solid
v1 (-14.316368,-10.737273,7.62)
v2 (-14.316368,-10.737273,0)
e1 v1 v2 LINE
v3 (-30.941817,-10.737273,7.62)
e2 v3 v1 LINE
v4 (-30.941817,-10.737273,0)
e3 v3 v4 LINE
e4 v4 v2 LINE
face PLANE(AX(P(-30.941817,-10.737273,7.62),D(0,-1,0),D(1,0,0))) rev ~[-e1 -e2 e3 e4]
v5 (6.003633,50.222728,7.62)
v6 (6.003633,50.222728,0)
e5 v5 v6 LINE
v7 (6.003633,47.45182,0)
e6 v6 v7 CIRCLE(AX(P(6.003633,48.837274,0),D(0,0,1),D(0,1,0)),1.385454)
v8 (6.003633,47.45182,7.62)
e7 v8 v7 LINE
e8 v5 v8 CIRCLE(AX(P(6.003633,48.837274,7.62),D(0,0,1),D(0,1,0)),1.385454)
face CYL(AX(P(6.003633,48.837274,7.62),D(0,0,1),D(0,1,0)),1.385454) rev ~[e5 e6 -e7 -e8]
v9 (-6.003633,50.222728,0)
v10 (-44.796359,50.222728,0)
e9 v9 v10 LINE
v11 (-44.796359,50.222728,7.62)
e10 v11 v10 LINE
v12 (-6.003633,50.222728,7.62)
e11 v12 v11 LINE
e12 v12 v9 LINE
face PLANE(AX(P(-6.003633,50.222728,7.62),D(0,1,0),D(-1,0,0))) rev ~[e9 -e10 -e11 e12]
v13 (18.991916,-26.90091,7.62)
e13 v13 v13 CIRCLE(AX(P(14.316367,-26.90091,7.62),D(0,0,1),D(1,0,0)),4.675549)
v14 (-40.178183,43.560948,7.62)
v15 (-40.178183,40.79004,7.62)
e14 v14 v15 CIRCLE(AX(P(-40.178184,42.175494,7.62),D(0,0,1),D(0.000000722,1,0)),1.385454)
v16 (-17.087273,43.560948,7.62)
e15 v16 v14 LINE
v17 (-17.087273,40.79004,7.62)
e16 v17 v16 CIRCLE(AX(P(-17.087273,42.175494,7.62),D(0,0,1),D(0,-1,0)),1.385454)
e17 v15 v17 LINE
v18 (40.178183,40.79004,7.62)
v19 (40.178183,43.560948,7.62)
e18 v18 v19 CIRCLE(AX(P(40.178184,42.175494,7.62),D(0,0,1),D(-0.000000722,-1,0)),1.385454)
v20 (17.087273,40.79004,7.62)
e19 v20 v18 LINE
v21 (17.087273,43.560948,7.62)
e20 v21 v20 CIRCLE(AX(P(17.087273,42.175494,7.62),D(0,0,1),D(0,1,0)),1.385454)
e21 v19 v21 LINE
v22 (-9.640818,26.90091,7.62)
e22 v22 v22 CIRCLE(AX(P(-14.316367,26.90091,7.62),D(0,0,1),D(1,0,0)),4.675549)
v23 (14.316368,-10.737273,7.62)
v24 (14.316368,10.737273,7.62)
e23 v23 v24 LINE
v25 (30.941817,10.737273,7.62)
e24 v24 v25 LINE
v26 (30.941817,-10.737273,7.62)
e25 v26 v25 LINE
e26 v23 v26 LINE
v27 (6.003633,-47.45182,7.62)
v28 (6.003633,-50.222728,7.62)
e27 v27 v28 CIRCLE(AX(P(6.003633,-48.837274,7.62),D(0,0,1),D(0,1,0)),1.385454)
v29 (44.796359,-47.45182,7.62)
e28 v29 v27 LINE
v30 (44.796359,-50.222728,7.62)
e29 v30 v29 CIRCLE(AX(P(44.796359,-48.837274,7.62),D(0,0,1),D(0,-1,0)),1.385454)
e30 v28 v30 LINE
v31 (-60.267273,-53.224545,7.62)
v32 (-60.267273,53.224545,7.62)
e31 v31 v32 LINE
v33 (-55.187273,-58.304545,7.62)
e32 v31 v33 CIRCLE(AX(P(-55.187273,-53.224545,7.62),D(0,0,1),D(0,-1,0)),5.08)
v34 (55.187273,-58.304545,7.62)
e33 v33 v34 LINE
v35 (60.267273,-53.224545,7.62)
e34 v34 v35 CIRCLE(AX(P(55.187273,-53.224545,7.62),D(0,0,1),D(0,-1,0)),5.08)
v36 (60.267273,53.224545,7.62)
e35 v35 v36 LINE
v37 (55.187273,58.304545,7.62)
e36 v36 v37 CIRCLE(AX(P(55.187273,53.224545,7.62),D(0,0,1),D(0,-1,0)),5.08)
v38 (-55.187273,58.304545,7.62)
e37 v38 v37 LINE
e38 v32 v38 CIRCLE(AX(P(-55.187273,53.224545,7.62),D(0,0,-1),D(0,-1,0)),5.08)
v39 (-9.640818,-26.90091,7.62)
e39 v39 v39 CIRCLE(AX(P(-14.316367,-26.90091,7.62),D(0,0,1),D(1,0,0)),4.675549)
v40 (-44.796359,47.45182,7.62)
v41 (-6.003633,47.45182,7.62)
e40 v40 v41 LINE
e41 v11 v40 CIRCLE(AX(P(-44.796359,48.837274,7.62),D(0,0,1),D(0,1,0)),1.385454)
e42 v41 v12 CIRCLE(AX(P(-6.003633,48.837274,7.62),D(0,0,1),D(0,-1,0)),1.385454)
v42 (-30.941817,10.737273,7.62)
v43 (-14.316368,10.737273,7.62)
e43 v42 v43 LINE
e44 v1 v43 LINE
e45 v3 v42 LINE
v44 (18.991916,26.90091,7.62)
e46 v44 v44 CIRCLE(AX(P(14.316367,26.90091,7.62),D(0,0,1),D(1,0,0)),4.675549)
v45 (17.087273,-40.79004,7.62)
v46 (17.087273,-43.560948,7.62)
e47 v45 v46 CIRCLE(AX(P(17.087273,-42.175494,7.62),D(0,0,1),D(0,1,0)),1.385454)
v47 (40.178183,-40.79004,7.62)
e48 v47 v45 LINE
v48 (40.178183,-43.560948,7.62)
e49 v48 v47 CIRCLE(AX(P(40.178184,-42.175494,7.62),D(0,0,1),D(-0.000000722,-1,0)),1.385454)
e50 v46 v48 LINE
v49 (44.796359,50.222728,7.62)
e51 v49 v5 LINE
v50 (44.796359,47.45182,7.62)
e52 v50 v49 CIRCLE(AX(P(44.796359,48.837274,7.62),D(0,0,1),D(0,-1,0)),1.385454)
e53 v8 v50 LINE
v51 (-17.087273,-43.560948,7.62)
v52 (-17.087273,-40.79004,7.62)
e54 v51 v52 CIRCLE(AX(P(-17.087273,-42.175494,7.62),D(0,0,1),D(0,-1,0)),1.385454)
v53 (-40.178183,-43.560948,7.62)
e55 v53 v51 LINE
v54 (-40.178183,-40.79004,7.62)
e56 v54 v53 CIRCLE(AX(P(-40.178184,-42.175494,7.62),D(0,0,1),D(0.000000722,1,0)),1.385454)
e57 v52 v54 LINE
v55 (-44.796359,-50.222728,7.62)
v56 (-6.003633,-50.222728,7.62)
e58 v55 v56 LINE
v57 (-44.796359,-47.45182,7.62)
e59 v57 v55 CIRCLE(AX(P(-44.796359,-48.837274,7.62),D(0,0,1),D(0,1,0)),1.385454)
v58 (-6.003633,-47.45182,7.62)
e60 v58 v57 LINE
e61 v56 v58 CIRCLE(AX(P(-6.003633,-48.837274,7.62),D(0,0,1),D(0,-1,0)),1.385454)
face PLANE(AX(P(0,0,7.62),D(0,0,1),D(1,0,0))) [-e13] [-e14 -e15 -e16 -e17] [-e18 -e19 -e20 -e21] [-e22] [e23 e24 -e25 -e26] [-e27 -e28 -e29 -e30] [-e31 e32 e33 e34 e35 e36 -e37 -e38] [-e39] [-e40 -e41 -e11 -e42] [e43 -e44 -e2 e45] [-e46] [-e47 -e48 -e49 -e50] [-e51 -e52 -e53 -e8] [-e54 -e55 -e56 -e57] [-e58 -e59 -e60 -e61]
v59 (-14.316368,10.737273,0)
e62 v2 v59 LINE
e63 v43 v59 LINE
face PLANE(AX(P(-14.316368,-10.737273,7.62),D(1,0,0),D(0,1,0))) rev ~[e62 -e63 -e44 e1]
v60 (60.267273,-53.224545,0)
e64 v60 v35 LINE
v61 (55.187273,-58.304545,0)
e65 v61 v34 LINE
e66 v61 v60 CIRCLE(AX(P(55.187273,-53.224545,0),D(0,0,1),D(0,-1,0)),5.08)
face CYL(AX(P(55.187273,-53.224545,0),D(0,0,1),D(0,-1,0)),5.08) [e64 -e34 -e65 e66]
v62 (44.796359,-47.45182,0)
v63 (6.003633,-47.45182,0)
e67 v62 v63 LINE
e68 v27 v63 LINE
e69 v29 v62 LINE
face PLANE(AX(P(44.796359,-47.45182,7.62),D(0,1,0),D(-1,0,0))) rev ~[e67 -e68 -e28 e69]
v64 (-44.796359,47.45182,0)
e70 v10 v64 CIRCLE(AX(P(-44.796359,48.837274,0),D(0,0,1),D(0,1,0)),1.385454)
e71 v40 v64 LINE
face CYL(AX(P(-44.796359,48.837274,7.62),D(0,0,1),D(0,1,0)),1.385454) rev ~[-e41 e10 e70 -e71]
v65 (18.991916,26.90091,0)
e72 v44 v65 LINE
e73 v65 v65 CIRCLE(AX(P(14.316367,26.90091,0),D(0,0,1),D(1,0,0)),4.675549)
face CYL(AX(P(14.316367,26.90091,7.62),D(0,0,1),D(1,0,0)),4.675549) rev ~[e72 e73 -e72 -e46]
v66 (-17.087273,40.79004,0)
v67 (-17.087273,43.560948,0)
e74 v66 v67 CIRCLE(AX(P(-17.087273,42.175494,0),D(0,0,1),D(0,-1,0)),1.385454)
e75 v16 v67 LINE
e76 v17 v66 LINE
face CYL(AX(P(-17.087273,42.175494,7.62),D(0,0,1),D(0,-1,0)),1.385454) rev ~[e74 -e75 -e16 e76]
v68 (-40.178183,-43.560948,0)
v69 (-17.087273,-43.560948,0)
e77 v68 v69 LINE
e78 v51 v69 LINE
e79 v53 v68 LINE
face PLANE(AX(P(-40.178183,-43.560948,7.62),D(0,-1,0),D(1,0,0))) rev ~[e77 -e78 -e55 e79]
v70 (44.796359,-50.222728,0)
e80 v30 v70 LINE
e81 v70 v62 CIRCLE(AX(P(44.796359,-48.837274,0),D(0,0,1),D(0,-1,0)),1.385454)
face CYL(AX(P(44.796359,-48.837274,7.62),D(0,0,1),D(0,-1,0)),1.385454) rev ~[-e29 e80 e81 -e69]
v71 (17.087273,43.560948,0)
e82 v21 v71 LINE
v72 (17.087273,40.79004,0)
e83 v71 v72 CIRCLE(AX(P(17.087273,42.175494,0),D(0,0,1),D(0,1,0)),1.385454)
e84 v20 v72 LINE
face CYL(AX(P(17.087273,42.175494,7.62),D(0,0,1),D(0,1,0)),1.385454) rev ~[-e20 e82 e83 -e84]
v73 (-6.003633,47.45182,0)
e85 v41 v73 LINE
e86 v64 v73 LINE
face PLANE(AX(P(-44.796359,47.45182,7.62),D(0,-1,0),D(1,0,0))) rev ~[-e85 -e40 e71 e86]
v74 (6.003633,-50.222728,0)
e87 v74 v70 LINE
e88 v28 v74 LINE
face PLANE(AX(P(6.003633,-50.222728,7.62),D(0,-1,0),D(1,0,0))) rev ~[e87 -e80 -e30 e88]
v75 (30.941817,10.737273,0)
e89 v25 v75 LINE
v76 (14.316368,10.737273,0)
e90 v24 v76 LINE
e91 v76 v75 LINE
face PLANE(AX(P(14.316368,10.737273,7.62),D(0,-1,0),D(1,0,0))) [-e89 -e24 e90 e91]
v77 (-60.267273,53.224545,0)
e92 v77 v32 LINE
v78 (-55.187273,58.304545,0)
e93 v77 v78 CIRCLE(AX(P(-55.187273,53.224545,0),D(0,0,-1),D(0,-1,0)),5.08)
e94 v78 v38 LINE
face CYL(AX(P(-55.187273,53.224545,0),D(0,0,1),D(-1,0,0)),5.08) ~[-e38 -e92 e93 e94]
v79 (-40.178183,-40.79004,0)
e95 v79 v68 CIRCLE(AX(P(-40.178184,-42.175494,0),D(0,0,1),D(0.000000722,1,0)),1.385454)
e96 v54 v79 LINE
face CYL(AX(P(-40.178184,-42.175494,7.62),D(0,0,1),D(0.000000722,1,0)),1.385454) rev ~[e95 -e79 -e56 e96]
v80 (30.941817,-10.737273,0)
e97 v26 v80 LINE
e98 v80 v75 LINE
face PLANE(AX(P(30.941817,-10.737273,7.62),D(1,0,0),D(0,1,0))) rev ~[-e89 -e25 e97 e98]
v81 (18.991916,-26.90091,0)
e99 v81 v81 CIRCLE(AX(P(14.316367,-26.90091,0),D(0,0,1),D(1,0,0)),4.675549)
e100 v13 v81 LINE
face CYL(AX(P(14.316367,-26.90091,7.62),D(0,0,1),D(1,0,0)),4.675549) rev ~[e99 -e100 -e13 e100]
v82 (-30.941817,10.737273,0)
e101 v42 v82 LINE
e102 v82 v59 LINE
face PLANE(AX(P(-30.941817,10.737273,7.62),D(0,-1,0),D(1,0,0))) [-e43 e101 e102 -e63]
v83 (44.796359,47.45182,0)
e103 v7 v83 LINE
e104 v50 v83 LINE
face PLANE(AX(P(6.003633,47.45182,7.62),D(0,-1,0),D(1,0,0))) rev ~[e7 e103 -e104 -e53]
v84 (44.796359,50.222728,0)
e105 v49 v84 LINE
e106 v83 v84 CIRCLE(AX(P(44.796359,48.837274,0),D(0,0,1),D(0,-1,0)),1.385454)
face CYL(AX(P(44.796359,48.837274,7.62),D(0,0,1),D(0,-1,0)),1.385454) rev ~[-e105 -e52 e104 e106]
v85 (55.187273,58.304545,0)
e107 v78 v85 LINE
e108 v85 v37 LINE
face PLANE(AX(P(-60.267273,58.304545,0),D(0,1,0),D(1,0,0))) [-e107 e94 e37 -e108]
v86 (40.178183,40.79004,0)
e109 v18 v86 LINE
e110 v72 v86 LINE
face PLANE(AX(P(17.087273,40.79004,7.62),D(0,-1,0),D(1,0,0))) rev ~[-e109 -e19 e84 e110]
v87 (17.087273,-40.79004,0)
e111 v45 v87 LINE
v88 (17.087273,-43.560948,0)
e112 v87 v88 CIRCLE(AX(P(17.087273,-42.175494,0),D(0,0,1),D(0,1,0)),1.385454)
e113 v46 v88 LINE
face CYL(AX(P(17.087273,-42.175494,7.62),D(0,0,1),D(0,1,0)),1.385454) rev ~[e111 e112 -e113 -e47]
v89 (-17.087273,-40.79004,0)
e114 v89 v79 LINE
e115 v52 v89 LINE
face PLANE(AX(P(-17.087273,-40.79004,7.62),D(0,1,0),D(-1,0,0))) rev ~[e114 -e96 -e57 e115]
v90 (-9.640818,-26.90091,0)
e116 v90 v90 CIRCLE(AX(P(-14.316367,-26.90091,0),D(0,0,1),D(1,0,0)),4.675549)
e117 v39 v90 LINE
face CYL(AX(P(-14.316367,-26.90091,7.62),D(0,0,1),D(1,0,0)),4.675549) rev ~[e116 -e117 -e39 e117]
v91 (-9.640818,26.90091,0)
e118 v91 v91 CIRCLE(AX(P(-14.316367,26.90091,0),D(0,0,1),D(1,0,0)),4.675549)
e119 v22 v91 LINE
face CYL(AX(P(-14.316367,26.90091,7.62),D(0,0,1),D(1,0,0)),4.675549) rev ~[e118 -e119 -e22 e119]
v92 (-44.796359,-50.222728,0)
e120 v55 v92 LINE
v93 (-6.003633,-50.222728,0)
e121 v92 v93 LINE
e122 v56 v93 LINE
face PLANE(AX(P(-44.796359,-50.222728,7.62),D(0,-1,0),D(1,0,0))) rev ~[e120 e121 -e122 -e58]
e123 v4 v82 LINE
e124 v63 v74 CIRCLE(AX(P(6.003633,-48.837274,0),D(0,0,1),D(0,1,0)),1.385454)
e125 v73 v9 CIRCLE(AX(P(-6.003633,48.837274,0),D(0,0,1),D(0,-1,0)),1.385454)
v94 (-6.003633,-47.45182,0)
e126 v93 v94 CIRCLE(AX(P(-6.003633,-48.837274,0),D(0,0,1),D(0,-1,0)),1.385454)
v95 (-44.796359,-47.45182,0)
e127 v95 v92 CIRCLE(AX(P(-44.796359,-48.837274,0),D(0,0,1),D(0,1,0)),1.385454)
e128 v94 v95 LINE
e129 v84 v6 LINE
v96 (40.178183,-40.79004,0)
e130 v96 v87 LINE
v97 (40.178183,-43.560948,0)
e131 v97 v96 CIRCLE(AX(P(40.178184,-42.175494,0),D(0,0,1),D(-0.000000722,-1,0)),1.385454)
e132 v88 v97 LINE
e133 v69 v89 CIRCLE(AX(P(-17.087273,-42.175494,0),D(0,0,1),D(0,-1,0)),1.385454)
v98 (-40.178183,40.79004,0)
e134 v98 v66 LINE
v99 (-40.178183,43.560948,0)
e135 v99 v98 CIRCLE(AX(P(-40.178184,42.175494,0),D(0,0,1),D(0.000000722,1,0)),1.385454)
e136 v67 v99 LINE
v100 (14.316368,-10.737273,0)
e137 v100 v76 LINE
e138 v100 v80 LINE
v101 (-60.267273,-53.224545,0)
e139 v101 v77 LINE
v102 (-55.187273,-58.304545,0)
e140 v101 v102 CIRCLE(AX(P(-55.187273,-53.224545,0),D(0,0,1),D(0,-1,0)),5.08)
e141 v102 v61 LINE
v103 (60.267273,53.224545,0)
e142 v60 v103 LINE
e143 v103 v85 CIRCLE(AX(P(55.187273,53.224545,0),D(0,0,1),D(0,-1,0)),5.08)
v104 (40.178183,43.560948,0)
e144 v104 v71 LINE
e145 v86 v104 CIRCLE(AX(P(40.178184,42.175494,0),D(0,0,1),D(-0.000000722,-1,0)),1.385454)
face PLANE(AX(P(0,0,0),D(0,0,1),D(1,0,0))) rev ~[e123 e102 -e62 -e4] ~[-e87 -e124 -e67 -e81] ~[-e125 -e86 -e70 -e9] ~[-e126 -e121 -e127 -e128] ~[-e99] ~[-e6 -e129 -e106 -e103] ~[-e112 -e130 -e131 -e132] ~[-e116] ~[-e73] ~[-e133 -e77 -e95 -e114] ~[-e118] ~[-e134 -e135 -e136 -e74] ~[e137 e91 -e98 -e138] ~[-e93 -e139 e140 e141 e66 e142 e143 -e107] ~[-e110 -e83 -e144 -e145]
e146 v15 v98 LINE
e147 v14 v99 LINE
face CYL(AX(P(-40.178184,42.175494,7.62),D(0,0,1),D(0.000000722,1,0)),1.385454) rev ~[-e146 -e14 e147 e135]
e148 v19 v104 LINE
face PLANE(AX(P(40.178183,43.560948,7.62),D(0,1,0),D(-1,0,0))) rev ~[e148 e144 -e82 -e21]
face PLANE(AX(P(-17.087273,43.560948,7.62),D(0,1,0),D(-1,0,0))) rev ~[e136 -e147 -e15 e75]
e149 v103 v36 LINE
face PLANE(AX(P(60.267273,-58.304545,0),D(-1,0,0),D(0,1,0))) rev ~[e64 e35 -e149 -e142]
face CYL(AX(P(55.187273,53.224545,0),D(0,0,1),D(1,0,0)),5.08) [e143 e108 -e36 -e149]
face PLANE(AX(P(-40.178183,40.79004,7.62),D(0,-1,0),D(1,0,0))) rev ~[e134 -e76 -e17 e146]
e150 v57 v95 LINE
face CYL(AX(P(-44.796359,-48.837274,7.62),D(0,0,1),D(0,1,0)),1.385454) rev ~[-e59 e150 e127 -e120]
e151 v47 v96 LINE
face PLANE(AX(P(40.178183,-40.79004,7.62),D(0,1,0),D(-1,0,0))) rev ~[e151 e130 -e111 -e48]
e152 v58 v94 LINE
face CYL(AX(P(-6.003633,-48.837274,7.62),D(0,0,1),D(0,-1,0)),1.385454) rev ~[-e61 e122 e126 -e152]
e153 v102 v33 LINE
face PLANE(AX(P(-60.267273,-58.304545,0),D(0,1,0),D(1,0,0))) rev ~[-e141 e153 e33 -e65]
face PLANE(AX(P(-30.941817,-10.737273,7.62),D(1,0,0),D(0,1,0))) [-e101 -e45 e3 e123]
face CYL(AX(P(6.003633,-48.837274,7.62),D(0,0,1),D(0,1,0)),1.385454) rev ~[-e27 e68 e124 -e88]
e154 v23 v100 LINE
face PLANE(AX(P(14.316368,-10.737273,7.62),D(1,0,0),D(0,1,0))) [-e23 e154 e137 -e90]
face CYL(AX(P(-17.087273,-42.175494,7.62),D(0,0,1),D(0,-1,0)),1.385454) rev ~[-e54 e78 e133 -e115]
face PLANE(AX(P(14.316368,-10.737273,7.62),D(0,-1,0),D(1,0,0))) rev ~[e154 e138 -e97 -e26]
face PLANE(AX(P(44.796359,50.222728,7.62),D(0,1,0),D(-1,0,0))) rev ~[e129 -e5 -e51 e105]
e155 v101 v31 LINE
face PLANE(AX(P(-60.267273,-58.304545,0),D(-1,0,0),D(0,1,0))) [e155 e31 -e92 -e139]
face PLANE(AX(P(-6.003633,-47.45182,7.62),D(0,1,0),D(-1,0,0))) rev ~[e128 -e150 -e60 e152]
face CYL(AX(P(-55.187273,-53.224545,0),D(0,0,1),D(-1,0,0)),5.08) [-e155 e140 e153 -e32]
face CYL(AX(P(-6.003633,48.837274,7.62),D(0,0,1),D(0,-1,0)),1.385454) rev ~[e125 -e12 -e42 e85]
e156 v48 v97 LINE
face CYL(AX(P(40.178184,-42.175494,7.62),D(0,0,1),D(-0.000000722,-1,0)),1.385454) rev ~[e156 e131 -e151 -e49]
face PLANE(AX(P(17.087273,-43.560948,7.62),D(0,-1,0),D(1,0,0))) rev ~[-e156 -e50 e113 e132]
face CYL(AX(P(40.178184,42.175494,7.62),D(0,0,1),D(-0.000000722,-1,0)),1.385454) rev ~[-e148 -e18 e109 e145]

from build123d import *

# Parameters (mm, degrees)
F0_W     = 120.534546
F0_H     = 116.60909
F1_DEPTH = 7.62
F2_R     = 5.08
F3_W     = 16.625449
F3_H     = 21.474546
F3_R     = 4.675549
F4_DEPTH = 25.4


with BuildPart() as f1:
    # F0 (on Top) → F1 (new body)
    with BuildSketch(Plane.XY):
        Rectangle(F0_W, F0_H)
    extrude(amount=F1_DEPTH)

    # F2
    f2_edges = [f1.edges().sort_by_distance(p)[0] for p in [
        (60.267273, -58.304545, 3.81),
        (-60.267273, -58.304545, 3.81),
        (-60.267273, 58.304545, 3.81),
        (60.267273, 58.304545, 3.81),
    ]]
    fillet(f2_edges, radius=F2_R)

    # F3 (on face) → F4 (cut)
    with BuildSketch(Plane.XY.offset(7.62)):
        with Locations((-22.629092, 0)):
            Rectangle(F3_W, F3_H)
        with Locations((22.629092, 0)):
            Rectangle(F3_W, F3_H)
        with Locations((-14.316367, 26.90091)):
            Circle(F3_R)
        with BuildLine():
            Line((40.178183, 43.560948), (17.087273, 43.560948))
            ThreePointArc((17.087273, 43.560948), (15.701819, 42.175494), (17.087273, 40.79004))
            Line((17.087273, 40.79004), (40.178183, 40.79004))
            ThreePointArc((40.178183, 40.79004), (41.563638, 42.175494), (40.178183, 43.560948))
        make_face()
        with BuildLine():
            Line((44.796359, 50.222728), (6.003633, 50.222728))
            ThreePointArc((6.003633, 50.222728), (4.618179, 48.837274), (6.003633, 47.45182))
            Line((6.003633, 47.45182), (44.796359, 47.45182))
            ThreePointArc((44.796359, 47.45182), (46.181813, 48.837274), (44.796359, 50.222728))
        make_face()
        with BuildLine():
            ThreePointArc((-6.003633, 47.45182), (-4.618179, 48.837274), (-6.003633, 50.222728))
            Line((-6.003633, 50.222728), (-44.796359, 50.222728))
            ThreePointArc((-44.796359, 50.222728), (-46.181813, 48.837274), (-44.796359, 47.45182))
            Line((-44.796359, 47.45182), (-6.003633, 47.45182))
        make_face()
        with BuildLine():
            ThreePointArc((-17.087273, 40.79004), (-15.701819, 42.175494), (-17.087273, 43.560948))
            Line((-17.087273, 43.560948), (-40.178183, 43.560948))
            ThreePointArc((-40.178183, 43.560948), (-41.563638, 42.175494), (-40.178183, 40.79004))
            Line((-40.178183, 40.79004), (-17.087273, 40.79004))
        make_face()
        with BuildLine():
            ThreePointArc((17.087273, -40.79004), (15.701819, -42.175494), (17.087273, -43.560948))
            Line((17.087273, -43.560948), (40.178183, -43.560948))
            ThreePointArc((40.178183, -43.560948), (41.563638, -42.175494), (40.178183, -40.79004))
            Line((40.178183, -40.79004), (17.087273, -40.79004))
        make_face()
        with BuildLine():
            ThreePointArc((-17.087273, -43.560948), (-15.701819, -42.175494), (-17.087273, -40.79004))
            Line((-17.087273, -40.79004), (-40.178183, -40.79004))
            ThreePointArc((-40.178183, -40.79004), (-41.563638, -42.175494), (-40.178183, -43.560948))
            Line((-40.178183, -43.560948), (-17.087273, -43.560948))
        make_face()
        with BuildLine():
            ThreePointArc((-6.003633, -50.222728), (-4.618179, -48.837274), (-6.003633, -47.45182))
            Line((-6.003633, -47.45182), (-44.796359, -47.45182))
            ThreePointArc((-44.796359, -47.45182), (-46.181813, -48.837274), (-44.796359, -50.222728))
            Line((-44.796359, -50.222728), (-6.003633, -50.222728))
        make_face()
        with BuildLine():
            ThreePointArc((6.003633, -47.45182), (4.618179, -48.837274), (6.003633, -50.222728))
            Line((6.003633, -50.222728), (44.796359, -50.222728))
            ThreePointArc((44.796359, -50.222728), (46.181813, -48.837274), (44.796359, -47.45182))
            Line((44.796359, -47.45182), (6.003633, -47.45182))
        make_face()
        with Locations((-14.316367, -26.90091)):
            Circle(F3_R)
        with Locations((14.316367, -26.90091)):
            Circle(F3_R)
        with Locations((14.316367, 26.90091)):
            Circle(F3_R)
    extrude(amount=-F4_DEPTH, mode=Mode.SUBTRACT)


solid = f1.part
